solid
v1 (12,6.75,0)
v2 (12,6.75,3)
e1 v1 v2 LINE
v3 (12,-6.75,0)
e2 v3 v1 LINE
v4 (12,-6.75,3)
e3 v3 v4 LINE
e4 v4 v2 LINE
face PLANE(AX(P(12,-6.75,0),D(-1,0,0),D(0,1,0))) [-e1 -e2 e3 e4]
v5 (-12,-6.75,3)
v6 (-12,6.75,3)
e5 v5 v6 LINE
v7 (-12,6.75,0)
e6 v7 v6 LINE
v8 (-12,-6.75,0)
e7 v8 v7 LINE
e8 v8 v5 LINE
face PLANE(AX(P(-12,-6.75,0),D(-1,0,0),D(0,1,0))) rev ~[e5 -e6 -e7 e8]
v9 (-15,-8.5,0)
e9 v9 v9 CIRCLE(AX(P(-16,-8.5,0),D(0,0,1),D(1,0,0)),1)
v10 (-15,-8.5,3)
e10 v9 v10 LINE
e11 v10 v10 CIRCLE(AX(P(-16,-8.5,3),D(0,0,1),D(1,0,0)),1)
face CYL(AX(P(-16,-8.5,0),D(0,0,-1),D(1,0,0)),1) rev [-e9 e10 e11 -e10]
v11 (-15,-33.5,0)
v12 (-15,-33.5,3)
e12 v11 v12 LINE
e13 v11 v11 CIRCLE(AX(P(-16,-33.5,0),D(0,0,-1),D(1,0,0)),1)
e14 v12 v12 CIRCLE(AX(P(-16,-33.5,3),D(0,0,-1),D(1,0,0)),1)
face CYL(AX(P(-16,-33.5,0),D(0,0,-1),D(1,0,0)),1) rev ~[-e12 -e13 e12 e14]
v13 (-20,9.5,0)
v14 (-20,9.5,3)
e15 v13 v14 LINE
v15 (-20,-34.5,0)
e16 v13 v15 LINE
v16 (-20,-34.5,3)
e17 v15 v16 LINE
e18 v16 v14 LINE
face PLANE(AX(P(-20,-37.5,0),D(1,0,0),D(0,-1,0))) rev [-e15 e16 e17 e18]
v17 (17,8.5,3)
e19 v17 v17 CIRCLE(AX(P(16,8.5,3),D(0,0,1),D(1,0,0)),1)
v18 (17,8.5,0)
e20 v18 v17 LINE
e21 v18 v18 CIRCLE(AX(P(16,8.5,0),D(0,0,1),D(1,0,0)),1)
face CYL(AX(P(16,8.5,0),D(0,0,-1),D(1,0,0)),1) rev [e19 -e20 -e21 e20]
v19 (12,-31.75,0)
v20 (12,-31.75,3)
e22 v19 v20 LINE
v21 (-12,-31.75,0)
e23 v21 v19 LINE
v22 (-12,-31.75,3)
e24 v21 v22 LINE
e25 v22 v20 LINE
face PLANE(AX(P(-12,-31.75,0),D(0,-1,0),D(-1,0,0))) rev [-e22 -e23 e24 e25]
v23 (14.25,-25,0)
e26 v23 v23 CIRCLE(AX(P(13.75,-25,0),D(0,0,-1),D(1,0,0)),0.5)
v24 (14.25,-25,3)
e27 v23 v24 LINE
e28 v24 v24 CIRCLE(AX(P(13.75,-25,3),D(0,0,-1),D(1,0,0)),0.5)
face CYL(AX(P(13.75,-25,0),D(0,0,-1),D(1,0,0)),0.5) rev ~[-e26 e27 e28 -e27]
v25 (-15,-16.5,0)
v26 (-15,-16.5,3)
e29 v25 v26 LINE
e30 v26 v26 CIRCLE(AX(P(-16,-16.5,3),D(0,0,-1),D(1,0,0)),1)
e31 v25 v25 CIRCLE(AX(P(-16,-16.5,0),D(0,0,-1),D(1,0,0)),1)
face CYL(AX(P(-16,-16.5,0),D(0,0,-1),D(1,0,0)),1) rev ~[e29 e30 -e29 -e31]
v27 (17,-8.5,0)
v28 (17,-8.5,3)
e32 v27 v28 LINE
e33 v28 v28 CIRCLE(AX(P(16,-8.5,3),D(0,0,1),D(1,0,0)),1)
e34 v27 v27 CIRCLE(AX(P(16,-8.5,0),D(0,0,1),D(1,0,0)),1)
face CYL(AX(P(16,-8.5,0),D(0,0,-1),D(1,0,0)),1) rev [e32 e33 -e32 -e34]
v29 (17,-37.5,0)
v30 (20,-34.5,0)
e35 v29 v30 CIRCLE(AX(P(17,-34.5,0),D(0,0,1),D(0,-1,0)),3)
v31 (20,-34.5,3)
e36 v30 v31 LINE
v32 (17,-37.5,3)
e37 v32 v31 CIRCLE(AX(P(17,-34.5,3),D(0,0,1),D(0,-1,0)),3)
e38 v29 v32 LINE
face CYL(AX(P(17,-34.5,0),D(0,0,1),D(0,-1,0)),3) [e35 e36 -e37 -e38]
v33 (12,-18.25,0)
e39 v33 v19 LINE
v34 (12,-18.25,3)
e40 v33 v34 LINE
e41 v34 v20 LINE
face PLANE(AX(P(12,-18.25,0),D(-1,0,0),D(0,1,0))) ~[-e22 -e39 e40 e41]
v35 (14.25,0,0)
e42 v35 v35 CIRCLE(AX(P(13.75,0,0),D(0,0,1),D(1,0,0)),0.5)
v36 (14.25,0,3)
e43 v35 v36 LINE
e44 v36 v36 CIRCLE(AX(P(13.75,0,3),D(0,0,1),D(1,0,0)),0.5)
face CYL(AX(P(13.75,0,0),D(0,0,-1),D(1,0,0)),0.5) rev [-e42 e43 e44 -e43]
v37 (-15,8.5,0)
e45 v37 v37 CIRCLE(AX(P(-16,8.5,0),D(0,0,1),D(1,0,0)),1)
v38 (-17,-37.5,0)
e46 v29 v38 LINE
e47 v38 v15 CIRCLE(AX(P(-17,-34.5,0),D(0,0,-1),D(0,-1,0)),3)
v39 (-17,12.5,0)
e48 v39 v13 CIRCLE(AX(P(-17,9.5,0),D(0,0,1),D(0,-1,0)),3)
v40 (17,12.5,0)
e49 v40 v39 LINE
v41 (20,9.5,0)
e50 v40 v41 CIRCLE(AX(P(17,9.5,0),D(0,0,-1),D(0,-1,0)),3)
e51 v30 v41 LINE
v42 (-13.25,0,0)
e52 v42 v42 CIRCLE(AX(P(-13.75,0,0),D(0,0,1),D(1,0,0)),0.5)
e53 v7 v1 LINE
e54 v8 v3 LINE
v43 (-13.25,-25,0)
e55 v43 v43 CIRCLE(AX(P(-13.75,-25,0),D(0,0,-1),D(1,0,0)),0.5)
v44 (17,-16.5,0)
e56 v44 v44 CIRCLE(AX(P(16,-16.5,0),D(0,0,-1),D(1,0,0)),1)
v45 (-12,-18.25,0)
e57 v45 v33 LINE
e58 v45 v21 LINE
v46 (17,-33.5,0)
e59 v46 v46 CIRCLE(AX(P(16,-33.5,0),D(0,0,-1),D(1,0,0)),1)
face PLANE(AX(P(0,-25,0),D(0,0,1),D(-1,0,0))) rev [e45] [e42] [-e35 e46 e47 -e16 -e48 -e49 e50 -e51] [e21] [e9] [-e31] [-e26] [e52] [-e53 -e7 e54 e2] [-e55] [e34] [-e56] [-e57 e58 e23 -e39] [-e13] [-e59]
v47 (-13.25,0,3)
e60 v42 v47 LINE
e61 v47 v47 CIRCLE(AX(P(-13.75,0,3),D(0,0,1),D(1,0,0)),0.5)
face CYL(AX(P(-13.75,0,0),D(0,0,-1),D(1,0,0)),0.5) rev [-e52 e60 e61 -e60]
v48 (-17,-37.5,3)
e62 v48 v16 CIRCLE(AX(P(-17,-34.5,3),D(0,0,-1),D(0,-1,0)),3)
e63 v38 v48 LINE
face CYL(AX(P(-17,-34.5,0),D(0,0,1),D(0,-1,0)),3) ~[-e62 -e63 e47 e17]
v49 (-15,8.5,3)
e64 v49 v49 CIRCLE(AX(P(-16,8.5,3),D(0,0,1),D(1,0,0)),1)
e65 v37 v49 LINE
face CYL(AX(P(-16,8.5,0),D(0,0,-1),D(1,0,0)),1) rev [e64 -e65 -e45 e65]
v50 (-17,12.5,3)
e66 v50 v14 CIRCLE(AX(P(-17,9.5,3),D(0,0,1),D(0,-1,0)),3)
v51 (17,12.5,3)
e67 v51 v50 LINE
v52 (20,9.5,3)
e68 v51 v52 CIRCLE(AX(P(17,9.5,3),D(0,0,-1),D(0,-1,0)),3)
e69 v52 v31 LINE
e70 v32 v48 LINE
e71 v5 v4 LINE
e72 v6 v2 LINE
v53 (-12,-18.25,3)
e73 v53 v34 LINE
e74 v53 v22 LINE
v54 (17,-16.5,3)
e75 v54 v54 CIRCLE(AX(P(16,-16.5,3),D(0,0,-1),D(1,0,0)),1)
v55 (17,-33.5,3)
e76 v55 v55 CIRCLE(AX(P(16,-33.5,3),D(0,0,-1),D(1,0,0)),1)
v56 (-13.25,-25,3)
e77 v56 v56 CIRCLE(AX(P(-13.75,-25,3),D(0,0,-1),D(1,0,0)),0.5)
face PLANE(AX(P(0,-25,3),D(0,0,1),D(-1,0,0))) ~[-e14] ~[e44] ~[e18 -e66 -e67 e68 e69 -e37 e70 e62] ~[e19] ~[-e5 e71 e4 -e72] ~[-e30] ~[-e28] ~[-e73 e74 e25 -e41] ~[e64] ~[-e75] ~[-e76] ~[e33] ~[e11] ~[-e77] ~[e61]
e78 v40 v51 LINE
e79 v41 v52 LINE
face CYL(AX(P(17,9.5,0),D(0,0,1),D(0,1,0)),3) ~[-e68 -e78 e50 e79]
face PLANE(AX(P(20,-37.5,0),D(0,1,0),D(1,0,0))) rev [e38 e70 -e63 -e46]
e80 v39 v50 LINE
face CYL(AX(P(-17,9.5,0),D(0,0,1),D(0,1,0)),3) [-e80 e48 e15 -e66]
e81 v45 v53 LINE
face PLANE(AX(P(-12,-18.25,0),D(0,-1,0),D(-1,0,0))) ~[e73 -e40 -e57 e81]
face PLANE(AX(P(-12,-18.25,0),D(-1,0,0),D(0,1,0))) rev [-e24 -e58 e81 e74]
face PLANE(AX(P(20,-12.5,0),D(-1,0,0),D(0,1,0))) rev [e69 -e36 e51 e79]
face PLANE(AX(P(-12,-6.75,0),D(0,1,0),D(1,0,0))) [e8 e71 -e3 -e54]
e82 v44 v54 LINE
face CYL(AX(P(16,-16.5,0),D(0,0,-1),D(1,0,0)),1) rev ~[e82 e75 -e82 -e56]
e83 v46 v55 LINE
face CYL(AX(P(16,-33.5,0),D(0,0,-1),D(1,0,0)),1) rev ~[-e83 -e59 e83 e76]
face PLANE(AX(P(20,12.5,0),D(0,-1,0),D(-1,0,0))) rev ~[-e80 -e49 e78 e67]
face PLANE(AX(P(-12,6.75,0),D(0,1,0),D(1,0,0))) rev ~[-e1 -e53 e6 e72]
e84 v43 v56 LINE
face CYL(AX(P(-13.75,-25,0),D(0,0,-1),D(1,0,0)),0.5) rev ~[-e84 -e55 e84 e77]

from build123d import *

# Parameters (mm, degrees)
F0_R     = 1
F0_R_2   = 0.5
F0_W     = 24
F0_H     = 13.5
F1_DEPTH = 3
F3_R     = 3


with BuildPart() as f1:
    # F0 (on Top) → F1 (new body)
    with BuildSketch(Plane.XY):
        Polygon((20, -8.5), (20, 12.5), (16, 12.5), (-20, 12.5), (-20, -8.5), (-20, -12.5), (-16, -12.5), (16, -12.5), (20, -12.5), align=None)
        with Locations((-16, -8.5)):
            Circle(F0_R, mode=Mode.SUBTRACT)
        with Locations((16, -8.5)):
            Circle(F0_R, mode=Mode.SUBTRACT)
        with Locations((-13.75, 0)):
            Circle(F0_R_2, mode=Mode.SUBTRACT)
        with Locations((-16, 8.5)):
            Circle(F0_R, mode=Mode.SUBTRACT)
        Rectangle(F0_W, F0_H, mode=Mode.SUBTRACT)
        with Locations((13.75, 0)):
            Circle(F0_R_2, mode=Mode.SUBTRACT)
        with Locations((16, 8.5)):
            Circle(F0_R, mode=Mode.SUBTRACT)
    extrude(amount=F1_DEPTH)

    # F2: F1 across face


with BuildPart() as f1_1:
    add(f1.part)
    add(f1.part.mirror(Plane(origin=(0, -12.5, 1.5), x_dir=(1, 0, 0), z_dir=(0, -1, 0))))

    # F3
    f3_edges = [f1_1.edges().sort_by_distance(p)[0] for p in [
        (-20, -37.5, 1.5),
        (20, -37.5, 1.5),
        (20, 12.5, 1.5),
        (-20, 12.5, 1.5),
    ]]
    fillet(f3_edges, radius=F3_R)


solid = f1_1.part
